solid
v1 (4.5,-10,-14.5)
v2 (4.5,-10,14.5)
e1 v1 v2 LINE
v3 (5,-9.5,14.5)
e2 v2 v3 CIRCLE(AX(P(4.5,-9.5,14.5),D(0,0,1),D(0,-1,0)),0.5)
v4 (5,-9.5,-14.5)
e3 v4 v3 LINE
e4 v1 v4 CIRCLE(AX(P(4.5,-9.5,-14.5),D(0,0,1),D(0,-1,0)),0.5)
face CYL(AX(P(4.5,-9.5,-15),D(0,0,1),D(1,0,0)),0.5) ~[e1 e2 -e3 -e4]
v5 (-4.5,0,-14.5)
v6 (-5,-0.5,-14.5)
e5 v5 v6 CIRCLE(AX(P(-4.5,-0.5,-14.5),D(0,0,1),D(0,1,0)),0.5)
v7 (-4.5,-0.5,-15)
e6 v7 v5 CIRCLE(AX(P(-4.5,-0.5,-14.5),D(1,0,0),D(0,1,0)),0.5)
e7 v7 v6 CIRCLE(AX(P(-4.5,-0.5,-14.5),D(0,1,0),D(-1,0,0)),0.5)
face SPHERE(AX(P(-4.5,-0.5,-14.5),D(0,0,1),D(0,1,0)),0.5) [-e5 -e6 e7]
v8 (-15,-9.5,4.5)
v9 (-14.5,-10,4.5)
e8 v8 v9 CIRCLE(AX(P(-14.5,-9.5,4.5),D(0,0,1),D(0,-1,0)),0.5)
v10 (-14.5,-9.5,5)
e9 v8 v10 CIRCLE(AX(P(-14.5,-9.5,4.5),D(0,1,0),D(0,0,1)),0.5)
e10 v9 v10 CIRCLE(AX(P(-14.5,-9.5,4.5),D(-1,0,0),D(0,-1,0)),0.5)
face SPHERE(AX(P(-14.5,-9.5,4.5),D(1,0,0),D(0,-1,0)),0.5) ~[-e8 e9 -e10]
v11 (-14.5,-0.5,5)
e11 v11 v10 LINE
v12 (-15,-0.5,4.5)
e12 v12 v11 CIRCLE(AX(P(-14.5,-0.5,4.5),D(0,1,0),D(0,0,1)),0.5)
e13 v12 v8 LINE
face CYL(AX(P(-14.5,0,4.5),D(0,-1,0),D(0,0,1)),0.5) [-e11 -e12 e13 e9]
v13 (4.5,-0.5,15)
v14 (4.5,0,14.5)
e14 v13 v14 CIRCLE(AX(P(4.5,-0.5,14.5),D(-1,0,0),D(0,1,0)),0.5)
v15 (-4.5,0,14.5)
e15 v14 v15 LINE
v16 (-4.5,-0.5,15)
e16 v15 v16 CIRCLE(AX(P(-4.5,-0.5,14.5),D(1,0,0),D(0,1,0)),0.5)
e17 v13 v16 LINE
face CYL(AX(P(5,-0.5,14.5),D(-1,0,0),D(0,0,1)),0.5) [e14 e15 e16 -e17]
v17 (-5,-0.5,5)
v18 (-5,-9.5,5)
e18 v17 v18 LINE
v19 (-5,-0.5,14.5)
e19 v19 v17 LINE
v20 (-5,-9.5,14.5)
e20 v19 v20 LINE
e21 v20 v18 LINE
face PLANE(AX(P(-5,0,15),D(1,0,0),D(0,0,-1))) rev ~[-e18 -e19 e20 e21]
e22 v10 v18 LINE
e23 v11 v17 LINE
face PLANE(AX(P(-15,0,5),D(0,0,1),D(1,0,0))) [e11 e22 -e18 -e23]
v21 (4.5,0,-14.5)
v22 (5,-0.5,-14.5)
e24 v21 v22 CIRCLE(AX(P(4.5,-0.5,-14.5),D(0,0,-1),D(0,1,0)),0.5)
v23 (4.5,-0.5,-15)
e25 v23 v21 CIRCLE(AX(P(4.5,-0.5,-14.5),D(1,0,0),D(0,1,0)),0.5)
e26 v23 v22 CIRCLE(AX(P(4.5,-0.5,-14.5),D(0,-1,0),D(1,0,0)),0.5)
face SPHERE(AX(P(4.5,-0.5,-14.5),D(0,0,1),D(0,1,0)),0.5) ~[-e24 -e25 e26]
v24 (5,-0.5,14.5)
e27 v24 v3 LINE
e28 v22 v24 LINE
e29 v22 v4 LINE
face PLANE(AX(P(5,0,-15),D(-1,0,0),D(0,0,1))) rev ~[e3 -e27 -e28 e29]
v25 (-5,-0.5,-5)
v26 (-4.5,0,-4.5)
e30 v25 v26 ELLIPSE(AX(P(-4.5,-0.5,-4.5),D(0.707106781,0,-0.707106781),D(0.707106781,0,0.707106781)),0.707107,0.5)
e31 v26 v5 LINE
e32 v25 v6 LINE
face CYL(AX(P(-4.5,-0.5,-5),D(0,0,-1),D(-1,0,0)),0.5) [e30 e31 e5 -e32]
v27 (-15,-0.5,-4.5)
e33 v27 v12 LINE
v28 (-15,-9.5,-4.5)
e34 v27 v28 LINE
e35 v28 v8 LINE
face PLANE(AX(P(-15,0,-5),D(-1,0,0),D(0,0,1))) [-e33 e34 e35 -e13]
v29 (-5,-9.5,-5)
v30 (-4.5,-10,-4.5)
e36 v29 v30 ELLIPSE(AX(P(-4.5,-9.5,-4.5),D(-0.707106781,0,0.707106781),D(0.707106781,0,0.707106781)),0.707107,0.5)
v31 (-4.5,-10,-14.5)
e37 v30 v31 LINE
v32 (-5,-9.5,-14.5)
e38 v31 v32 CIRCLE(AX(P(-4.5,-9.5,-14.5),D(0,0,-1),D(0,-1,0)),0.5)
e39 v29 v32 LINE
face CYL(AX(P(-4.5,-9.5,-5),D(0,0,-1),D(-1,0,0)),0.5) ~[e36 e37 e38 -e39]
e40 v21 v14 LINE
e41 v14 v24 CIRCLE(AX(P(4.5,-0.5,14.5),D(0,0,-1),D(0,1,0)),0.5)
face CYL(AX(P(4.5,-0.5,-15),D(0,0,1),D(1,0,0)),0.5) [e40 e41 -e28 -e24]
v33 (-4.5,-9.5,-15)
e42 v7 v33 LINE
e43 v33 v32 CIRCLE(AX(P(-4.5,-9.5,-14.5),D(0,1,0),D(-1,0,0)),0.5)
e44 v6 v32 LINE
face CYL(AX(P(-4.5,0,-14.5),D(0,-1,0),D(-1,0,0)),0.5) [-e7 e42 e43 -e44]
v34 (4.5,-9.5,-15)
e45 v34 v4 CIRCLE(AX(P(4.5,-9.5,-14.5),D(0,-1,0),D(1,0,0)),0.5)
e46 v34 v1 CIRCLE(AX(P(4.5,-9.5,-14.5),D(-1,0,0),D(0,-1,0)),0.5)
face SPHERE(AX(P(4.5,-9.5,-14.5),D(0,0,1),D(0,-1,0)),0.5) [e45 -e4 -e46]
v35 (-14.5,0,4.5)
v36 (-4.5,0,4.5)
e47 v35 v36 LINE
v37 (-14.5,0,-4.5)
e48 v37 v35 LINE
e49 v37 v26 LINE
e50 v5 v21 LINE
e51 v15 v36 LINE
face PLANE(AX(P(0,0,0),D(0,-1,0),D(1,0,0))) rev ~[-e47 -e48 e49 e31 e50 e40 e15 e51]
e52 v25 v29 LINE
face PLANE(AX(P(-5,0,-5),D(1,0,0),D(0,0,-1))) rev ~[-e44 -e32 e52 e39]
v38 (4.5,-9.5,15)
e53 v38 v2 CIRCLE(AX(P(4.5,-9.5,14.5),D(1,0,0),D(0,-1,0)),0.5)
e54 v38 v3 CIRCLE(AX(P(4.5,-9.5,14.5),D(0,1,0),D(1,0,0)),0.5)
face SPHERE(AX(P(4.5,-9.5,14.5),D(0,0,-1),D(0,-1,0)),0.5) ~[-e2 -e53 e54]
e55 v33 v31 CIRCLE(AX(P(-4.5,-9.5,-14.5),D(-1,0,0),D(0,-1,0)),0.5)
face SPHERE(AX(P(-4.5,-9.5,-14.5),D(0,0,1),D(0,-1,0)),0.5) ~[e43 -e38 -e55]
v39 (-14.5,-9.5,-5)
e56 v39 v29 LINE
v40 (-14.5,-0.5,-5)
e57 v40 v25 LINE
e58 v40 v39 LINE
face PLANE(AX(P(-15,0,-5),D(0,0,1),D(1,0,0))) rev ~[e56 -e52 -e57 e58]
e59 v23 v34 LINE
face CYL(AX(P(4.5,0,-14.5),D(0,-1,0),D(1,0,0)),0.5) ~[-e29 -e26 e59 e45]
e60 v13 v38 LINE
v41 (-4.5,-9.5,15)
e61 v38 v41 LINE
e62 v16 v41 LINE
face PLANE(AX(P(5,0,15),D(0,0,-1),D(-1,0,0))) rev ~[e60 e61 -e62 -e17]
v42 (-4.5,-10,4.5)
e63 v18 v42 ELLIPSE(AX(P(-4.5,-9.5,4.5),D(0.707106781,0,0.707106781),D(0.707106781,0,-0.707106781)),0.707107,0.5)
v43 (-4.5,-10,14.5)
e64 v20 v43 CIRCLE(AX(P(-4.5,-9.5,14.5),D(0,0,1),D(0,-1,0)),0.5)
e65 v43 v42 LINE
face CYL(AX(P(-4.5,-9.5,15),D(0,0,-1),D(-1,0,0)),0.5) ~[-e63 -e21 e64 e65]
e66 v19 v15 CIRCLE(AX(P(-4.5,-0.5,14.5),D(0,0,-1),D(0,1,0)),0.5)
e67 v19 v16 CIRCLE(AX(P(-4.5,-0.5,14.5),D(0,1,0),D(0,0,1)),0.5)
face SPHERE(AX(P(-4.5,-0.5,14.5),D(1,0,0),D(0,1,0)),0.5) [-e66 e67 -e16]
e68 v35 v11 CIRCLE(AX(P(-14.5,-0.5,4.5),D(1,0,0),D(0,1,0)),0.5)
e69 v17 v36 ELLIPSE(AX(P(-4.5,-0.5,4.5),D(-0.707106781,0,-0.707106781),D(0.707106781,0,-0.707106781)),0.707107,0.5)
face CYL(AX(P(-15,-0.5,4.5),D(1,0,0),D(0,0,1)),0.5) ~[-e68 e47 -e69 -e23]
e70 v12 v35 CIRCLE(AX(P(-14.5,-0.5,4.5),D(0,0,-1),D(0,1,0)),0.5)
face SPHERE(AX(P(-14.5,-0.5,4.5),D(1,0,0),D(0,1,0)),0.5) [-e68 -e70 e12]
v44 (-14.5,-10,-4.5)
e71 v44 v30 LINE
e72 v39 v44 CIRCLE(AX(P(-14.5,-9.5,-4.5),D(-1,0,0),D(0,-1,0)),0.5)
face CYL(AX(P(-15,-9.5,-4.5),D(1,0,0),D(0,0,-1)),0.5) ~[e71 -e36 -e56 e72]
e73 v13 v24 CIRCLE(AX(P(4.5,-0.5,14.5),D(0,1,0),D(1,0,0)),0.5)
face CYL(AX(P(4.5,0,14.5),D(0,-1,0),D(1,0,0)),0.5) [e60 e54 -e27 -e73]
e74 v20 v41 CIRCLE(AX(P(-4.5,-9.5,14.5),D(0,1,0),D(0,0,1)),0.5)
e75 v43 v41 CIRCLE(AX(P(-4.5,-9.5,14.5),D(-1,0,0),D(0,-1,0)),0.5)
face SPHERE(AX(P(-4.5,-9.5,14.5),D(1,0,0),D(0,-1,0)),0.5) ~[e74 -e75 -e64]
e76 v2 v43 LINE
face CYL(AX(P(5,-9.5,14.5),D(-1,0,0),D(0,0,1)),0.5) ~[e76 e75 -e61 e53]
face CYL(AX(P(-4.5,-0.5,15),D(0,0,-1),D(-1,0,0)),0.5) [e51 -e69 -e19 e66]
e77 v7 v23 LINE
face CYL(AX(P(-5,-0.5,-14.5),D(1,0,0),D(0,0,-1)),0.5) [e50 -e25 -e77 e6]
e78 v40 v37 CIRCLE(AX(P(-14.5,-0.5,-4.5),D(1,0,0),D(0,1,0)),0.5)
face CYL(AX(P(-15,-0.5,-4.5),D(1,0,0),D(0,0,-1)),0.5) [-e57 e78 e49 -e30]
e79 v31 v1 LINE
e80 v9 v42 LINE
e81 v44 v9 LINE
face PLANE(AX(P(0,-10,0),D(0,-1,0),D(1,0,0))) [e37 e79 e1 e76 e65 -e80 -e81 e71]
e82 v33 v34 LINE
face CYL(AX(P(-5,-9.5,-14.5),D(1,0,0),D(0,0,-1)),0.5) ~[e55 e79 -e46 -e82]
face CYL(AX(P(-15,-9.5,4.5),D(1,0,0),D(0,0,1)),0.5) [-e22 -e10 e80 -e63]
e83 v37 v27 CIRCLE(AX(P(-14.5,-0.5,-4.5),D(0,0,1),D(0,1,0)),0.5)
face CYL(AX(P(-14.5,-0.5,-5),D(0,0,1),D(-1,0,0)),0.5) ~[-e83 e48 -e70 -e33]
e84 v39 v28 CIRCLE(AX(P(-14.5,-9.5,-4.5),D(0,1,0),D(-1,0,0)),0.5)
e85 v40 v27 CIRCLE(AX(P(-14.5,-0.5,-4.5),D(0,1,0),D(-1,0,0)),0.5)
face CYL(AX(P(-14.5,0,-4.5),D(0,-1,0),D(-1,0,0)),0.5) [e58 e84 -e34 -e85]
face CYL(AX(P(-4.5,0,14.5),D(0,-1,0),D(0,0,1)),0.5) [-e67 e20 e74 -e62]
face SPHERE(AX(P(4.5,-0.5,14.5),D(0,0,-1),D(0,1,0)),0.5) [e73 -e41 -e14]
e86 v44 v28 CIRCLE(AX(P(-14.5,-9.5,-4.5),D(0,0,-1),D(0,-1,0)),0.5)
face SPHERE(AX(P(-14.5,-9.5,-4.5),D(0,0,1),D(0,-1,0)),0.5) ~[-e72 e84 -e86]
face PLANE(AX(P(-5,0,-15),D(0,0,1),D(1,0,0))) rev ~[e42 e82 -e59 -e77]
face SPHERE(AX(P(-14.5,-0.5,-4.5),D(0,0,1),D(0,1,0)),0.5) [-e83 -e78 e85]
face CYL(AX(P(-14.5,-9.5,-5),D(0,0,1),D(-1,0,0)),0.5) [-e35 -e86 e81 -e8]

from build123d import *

# Parameters (mm, degrees)
F0_W     = 10
F0_H     = 10
F1_DEPTH = 10
F2_R     = 0.5


with BuildPart() as f1:
    # F0 (on Front) → F1 (new body)
    with BuildSketch(Plane.XZ):
        Polygon((5, -15), (5, 15), (-5, 15), (-5, 5), (-5, -5), (-5, -15), align=None)
        with Locations((-10, 0)):
            Rectangle(F0_W, F0_H)
    extrude(amount=F1_DEPTH)

    # F2
    f2_edges = [f1.edges().sort_by_distance(p)[0] for p in [
        (5, -10, 0),
        (0, -10, 15),
        (-5, -10, 10),
        (-10, -10, 5),
        (-15, -10, 0),
        (-10, -10, -5),
        (-5, -10, -10),
        (0, -10, -15),
        (5, 0, 0),
        (0, 0, 15),
        (-5, 0, 10),
        (-10, 0, 5),
        (-15, 0, 0),
        (-10, 0, -5),
        (-5, 0, -10),
        (0, 0, -15),
        (5, -5, 15),
        (-5, -5, 15),
        (-15, -5, 5),
        (-15, -5, -5),
        (-5, -5, -15),
        (5, -5, -15),
    ]]
    fillet(f2_edges, radius=F2_R)


solid = f1.part
